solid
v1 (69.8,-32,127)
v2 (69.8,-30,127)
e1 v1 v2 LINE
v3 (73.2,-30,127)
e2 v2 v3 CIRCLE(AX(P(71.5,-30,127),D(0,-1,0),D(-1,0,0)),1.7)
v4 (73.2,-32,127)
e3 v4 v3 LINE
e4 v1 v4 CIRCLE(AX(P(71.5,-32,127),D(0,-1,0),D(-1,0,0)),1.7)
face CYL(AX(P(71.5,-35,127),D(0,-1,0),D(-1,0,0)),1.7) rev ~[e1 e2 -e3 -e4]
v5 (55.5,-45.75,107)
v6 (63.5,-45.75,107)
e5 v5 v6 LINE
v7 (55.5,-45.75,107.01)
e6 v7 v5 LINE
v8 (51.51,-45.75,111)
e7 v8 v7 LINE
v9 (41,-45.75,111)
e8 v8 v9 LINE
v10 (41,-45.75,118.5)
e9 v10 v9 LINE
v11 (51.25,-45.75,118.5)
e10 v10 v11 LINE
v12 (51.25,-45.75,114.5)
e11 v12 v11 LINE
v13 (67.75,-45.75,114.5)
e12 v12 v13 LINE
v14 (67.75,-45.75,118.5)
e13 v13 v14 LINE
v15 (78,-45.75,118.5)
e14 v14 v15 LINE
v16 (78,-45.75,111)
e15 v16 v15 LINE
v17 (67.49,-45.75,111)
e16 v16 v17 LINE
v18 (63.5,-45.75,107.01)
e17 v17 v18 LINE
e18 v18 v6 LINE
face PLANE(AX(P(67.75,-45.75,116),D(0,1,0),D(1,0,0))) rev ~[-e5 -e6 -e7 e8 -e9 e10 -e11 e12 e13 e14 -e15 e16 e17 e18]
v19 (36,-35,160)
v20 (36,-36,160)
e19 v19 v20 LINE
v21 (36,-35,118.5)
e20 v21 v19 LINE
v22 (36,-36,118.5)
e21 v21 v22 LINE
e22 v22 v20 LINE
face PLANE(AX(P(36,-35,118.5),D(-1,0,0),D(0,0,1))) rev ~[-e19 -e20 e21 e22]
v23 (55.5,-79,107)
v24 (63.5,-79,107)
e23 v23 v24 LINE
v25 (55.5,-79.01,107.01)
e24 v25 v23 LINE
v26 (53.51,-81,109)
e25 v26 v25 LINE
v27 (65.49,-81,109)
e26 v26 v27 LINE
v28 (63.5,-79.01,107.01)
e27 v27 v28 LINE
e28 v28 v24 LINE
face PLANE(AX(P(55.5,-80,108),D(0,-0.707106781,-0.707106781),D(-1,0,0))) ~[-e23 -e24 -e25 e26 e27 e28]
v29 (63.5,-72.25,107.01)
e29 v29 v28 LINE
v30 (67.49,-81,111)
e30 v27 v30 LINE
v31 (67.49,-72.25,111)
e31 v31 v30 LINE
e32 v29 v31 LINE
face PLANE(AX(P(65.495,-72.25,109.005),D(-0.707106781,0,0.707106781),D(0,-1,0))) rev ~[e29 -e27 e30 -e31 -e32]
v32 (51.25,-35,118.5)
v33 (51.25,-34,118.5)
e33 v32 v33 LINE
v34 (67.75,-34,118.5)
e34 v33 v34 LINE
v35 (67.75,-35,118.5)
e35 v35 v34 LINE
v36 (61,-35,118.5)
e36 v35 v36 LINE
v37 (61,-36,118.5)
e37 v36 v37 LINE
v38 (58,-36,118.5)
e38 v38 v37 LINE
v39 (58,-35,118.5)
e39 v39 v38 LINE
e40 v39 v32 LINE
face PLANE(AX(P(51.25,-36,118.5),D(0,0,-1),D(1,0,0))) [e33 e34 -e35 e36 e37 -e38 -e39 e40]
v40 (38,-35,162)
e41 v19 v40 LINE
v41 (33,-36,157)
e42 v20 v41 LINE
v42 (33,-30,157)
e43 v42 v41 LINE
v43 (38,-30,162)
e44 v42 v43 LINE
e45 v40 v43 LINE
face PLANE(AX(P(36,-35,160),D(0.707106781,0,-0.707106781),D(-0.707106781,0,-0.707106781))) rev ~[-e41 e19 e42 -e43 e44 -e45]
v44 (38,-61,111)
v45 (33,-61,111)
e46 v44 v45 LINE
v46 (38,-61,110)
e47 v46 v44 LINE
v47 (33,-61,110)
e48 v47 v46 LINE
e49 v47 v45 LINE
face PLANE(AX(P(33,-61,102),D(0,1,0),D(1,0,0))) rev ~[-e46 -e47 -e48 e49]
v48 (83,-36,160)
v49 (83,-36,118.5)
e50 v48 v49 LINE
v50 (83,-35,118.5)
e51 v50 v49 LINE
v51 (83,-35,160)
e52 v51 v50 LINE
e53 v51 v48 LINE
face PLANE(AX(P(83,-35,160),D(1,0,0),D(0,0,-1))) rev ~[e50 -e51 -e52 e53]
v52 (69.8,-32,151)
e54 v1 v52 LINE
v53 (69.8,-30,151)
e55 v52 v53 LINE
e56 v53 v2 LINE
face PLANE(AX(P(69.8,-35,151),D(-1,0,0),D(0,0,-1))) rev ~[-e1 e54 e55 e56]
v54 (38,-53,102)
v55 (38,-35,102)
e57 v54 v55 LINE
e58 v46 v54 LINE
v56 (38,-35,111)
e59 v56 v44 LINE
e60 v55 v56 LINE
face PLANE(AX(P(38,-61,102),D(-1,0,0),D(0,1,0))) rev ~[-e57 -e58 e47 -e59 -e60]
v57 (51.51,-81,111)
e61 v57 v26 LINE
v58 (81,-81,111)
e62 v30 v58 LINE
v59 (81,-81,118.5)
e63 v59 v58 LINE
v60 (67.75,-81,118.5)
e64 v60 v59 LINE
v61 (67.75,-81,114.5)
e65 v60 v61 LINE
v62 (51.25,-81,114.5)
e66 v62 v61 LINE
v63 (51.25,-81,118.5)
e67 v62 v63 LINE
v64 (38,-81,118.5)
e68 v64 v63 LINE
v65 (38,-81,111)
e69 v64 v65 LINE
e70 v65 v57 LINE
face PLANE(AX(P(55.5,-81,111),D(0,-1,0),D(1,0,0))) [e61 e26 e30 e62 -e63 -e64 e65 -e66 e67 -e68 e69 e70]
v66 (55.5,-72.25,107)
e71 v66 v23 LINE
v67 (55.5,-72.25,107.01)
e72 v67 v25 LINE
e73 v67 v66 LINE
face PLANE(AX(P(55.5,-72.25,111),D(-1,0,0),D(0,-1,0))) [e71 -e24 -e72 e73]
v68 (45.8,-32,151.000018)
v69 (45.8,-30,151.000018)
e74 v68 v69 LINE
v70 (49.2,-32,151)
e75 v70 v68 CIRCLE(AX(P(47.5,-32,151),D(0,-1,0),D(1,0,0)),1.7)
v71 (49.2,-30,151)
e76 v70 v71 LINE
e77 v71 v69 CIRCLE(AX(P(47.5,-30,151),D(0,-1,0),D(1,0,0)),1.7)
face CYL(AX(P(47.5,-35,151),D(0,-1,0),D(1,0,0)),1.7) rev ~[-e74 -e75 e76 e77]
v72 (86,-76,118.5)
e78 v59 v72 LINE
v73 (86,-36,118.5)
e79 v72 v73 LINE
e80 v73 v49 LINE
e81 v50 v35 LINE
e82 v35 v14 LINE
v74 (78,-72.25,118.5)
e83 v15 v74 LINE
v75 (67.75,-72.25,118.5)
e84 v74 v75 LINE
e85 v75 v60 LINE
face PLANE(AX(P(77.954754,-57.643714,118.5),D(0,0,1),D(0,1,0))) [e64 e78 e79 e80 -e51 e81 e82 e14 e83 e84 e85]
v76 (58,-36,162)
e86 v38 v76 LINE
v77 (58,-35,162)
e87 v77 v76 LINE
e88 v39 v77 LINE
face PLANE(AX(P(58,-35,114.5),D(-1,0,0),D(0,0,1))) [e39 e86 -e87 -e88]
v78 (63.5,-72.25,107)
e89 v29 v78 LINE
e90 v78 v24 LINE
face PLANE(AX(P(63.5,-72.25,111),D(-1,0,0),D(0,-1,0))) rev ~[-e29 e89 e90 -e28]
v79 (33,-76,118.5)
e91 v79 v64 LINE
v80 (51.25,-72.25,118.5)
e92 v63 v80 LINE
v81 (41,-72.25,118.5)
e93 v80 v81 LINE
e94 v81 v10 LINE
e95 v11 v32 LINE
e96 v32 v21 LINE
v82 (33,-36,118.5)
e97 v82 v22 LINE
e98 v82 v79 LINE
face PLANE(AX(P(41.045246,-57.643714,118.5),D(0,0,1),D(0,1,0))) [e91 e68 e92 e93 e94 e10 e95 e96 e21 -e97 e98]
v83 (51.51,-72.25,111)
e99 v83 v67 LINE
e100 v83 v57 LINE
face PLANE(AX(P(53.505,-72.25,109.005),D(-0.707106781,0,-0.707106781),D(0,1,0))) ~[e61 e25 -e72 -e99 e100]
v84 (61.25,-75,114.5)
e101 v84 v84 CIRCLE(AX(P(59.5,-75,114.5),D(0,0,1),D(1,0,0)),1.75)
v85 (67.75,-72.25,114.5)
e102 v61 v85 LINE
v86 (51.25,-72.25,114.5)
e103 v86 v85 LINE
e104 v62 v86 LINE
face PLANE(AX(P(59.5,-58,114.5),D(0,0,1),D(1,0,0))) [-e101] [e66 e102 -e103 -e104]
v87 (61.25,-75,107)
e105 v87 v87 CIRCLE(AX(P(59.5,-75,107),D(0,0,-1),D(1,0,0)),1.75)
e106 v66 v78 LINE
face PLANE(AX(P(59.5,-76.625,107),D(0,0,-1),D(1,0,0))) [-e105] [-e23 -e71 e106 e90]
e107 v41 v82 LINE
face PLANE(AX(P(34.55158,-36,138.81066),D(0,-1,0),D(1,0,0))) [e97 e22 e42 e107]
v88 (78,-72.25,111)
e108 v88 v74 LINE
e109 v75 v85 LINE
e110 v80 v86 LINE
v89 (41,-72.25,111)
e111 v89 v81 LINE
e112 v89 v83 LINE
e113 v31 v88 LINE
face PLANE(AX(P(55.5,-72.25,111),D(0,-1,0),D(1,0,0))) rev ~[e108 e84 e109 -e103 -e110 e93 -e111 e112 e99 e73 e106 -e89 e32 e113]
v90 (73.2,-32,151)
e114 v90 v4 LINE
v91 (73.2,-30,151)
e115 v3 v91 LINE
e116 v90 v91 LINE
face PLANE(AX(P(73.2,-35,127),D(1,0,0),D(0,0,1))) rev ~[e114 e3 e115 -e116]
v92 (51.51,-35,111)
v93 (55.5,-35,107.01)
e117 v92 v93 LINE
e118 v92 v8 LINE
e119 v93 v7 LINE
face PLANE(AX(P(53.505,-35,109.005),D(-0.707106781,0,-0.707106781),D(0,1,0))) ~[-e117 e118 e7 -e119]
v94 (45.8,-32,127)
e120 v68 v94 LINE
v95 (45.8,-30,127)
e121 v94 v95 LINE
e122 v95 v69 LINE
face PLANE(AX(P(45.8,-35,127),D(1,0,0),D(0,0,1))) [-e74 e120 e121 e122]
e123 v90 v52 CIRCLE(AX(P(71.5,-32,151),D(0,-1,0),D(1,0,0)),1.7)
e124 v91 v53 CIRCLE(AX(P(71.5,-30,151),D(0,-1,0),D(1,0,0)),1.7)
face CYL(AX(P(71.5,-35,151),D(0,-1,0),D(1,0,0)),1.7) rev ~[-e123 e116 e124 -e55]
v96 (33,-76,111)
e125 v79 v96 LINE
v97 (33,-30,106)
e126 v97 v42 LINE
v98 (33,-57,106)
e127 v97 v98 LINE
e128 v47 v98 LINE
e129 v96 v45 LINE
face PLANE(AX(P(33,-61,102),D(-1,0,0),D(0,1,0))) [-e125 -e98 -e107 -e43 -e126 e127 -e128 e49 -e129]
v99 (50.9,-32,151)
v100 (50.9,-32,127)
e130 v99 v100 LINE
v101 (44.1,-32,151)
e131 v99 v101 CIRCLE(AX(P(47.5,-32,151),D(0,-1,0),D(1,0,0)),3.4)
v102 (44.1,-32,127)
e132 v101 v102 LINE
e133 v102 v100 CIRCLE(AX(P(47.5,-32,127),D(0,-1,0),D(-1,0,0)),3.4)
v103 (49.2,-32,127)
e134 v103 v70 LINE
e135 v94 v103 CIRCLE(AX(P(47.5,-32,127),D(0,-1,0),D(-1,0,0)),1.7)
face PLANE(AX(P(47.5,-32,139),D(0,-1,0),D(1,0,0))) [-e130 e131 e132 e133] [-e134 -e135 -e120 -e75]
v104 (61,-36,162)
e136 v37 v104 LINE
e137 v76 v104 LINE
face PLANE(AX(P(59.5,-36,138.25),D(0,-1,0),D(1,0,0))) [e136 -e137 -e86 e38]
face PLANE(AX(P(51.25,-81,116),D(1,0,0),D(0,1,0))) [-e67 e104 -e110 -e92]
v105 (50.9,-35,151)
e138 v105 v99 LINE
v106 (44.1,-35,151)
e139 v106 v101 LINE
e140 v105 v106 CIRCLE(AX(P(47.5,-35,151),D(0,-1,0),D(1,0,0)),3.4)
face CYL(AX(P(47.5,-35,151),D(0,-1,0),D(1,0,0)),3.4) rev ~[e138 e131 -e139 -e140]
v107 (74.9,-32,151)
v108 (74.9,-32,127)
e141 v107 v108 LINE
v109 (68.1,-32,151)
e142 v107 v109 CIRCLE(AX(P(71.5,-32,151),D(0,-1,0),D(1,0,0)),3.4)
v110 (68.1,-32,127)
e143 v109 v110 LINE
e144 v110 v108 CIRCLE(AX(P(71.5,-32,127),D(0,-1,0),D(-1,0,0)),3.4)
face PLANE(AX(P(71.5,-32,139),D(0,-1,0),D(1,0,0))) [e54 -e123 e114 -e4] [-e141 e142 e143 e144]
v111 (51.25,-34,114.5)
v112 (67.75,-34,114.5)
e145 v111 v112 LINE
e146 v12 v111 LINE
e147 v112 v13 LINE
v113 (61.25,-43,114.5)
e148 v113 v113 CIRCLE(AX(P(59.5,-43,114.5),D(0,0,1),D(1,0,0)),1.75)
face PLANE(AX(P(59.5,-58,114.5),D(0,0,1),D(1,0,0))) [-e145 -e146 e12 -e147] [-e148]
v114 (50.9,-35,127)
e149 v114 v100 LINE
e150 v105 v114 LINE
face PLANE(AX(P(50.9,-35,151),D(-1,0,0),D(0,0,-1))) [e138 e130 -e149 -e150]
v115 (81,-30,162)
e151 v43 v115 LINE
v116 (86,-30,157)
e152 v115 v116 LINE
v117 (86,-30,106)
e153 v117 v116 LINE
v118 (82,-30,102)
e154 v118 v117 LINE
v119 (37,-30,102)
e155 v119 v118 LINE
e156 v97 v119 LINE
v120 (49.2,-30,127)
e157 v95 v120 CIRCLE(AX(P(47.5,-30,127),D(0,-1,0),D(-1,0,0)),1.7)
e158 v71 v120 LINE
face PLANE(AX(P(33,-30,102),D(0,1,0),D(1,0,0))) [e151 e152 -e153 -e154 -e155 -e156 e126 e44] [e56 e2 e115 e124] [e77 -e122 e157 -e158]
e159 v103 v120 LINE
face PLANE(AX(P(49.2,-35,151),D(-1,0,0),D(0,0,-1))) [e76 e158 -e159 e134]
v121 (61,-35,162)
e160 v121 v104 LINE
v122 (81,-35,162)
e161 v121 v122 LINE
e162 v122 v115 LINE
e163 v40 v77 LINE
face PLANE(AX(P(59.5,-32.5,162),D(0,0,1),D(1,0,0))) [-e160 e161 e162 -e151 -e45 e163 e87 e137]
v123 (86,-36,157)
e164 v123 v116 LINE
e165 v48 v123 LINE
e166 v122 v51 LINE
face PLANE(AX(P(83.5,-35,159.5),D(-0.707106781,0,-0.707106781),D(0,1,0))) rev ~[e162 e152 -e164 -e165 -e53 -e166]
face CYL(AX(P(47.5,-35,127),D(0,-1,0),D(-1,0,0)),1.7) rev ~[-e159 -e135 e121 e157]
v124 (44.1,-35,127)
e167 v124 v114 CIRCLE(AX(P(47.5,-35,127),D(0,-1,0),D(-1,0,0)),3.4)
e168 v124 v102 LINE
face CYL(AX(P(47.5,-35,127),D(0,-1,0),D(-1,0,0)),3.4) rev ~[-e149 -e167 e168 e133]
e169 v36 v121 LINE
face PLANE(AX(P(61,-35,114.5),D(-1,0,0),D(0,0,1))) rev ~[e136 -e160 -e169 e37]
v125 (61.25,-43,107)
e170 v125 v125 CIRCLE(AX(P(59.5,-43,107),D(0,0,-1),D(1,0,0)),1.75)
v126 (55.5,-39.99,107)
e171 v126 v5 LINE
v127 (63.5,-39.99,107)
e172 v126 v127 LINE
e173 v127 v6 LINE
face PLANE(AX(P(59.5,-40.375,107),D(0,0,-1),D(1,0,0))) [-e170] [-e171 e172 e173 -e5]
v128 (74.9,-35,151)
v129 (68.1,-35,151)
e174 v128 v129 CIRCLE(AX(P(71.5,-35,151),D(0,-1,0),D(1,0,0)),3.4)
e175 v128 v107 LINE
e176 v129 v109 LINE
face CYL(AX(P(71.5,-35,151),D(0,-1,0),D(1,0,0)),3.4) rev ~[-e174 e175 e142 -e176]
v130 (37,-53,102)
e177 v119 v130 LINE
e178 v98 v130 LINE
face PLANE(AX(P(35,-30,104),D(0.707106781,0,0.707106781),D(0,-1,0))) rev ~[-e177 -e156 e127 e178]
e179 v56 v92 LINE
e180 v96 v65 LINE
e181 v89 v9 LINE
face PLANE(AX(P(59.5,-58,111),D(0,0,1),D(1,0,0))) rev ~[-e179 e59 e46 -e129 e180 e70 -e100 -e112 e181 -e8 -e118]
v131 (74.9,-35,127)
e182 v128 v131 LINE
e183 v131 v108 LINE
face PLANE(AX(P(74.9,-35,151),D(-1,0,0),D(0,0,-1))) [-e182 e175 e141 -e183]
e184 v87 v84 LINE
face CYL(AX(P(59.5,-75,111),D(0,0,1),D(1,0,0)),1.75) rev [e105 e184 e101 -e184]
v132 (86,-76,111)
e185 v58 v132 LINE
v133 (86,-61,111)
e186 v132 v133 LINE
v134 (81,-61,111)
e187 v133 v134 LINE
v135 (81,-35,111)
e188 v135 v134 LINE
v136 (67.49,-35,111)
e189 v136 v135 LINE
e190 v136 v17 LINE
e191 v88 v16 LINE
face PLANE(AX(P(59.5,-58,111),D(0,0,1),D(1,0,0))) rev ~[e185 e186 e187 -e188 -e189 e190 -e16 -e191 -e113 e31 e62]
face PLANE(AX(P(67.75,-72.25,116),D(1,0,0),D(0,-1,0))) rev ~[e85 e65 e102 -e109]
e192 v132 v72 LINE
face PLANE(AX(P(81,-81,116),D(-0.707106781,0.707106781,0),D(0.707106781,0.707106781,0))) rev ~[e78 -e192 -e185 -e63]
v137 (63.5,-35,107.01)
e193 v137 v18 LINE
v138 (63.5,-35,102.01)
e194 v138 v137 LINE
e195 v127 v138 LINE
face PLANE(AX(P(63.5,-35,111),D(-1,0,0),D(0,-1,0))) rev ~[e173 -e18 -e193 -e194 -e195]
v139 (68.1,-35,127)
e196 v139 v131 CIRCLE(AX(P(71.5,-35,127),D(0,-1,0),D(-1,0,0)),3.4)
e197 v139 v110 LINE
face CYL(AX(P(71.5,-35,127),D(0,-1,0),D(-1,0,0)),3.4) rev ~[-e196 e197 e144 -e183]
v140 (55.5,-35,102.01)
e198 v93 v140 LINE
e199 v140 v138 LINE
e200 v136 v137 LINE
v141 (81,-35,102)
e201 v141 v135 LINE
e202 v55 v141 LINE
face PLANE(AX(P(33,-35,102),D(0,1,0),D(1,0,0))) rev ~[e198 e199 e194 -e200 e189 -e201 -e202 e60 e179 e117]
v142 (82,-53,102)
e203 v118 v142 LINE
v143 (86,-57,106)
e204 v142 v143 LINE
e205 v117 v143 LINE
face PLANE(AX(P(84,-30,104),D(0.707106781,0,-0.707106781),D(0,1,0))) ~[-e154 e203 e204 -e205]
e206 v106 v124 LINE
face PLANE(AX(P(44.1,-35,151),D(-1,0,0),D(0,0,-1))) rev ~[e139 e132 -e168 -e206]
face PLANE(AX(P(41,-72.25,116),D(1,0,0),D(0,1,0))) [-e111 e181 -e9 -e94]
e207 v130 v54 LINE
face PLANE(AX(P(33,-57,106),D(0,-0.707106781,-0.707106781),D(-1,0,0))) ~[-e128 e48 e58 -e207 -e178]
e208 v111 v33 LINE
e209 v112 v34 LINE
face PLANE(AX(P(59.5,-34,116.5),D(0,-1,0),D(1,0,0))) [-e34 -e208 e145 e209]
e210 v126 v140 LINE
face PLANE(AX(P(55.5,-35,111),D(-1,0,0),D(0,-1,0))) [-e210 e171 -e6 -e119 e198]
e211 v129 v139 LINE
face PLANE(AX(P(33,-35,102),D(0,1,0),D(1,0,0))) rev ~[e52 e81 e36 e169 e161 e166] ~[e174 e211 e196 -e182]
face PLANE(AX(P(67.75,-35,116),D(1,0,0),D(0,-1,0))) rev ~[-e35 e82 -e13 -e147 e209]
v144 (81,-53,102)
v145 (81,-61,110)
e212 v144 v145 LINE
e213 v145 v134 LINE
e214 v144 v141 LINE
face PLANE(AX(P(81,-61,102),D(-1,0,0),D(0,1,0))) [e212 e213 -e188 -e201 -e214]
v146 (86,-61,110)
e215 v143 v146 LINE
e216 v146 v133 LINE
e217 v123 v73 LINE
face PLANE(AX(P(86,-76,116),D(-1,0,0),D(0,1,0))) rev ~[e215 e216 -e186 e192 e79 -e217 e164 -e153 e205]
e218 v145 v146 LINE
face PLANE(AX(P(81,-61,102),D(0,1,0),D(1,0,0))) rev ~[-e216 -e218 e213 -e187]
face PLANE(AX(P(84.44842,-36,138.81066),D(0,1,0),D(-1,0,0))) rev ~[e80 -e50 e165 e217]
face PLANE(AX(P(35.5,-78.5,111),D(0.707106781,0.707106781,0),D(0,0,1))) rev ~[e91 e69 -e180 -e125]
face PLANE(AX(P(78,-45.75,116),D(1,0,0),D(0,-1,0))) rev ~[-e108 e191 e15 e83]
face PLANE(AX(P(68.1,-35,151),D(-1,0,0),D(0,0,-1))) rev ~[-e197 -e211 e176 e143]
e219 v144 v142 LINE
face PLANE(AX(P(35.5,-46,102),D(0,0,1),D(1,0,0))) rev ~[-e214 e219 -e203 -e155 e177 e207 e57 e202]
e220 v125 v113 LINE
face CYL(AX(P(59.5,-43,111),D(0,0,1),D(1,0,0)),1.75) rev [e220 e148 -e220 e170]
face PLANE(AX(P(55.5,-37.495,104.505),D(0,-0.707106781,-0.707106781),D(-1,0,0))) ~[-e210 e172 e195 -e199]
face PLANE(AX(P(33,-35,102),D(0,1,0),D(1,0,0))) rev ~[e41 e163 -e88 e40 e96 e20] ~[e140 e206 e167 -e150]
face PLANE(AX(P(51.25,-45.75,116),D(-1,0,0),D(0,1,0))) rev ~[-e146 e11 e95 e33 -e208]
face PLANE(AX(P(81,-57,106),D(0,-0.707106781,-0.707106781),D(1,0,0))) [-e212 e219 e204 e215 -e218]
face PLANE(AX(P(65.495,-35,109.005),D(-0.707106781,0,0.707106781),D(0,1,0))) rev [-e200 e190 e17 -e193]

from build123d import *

# Parameters (mm, degrees)
EXTRUDE002_DEPTH = 2.5
BOX001_W         = 53
BOX001_H         = 46
BOX001_DEPTH     = 5
BOX002_W         = 5
BOX002_H         = 30
BOX002_DEPTH     = 12
BOX003_W         = 5
BOX003_H         = 30
BOX003_DEPTH     = 12
BOX_W            = 53
BOX_H            = 5
BOX_DEPTH        = 60
SKETCH028_R      = 1.75
SKETCH028_R_2    = 13.25
POCKET001_DEPTH  = 5
CHAMFER_SIZE     = 8
CHAMFER001_SIZE  = 4
SKETCH029_W      = 16.5
SKETCH029_H      = 46
POCKET002_DEPTH  = 1.5
CHAMFER002_SIZE  = 5
CHAMFER003_SIZE  = 5
POCKET003_DEPTH  = 5
POCKET004_DEPTH  = 3
SKETCH032_W      = 37
SKETCH032_H      = 26.5
POCKET005_DEPTH  = 5
SKETCH033_W      = 3
SKETCH033_H      = 47.5
PAD003_DEPTH     = 1
SKETCH034_W      = 8
SKETCH034_H      = 8.75
SKETCH034_R      = 1.75
SKETCH034_H_2    = 10.75
PAD004_DEPTH     = 4
SKETCH035_W      = 16.5
SKETCH035_H      = 4
POCKET006_DEPTH  = 2
CHAMFER004_SIZE  = 4.99
CHAMFER005_SIZE  = 3.99
CHAMFER006_SIZE  = 2


with BuildPart() as extrude002:
    # Facebinder → Extrude002 (new body)
    with BuildSketch(Plane(origin=(40.336531, -57.03076, 116), x_dir=(0, 1, 0), z_dir=(0, 0, 1))):
        Polygon((-18.96924, 7.336531), (-23.96924, 2.336531), (-23.96924, -10.913469), (-15.21924, -10.913469), (-15.21924, -0.663469), (11.28076, -0.663469), (11.28076, -10.913469), (22.03076, -10.913469), (22.03076, 7.336531), align=None)
        Polygon((-23.96924, -40.663469), (-18.96924, -45.663469), (22.03076, -45.663469), (22.03076, -27.413469), (11.28076, -27.413469), (11.28076, -37.663469), (-15.21924, -37.663469), (-15.21924, -27.413469), (-23.96924, -27.413469), align=None)
    extrude(amount=EXTRUDE002_DEPTH)


with BuildPart() as box001:
    # Box001 → Box001 (new body)
    with BuildSketch(Plane(origin=(33, -76, 111), x_dir=(1, 0, 0), z_dir=(0, 0, 1))):
        with Locations((26.5, 23)):
            Rectangle(BOX001_W, BOX001_H)
    extrude(amount=BOX001_DEPTH)


with BuildPart() as box002:
    # Box002 → Box002 (new body)
    with BuildSketch(Plane(origin=(81, -56, 102), x_dir=(1, 0, 0), z_dir=(0, 0, 1))):
        with Locations((2.5, 15)):
            Rectangle(BOX002_W, BOX002_H)
    extrude(amount=BOX002_DEPTH)


with BuildPart() as box003:
    # Box003 → Box003 (new body)
    with BuildSketch(Plane(origin=(33, -56, 102), x_dir=(1, 0, 0), z_dir=(0, 0, 1))):
        with Locations((2.5, 15)):
            Rectangle(BOX003_W, BOX003_H)
    extrude(amount=BOX003_DEPTH)


with BuildPart() as chamfer006:
    # Box → Box (new body)
    with BuildSketch(Plane(origin=(33, -30, 102), x_dir=(1, 0, 0), z_dir=(0, 0, 1))):
        with Locations((26.5, 2.5)):
            Rectangle(BOX_W, BOX_H)
    extrude(amount=BOX_DEPTH)

    # Fusion001: union Box001, Box002, Box003
    add(box001.part)
    add(box002.part)
    add(box003.part)


with BuildPart() as chamfer006_1:
    # Fusion001 placement: moved
    add(chamfer006.part.moved(Location((0, -5, 0))))

    # Sketch028 → Pocket001 (cut)
    with BuildSketch(Plane(origin=(0, -5, 116), x_dir=(1, 0, 0), z_dir=(0, 0, 1))):
        with Locations((59.5, -70)):
            Circle(SKETCH028_R)
        with Locations((59.5, -38)):
            Circle(SKETCH028_R)
        with Locations((59.5, -54)):
            Circle(SKETCH028_R_2)
    extrude(amount=-POCKET001_DEPTH, mode=Mode.SUBTRACT)

    # Chamfer
    chamfer_edges = [chamfer006_1.edges().sort_by_distance(p)[0] for p in [
        (83.5, -61, 102),
        (35.5, -61, 102),
    ]]
    chamfer(chamfer_edges, length=CHAMFER_SIZE)

    # Chamfer001
    chamfer001_edges = [chamfer006_1.edges().sort_by_distance(p)[0] for p in [
        (86, -41.5, 102),
        (33, -41.5, 102),
    ]]
    chamfer(chamfer001_edges, length=CHAMFER001_SIZE)

    # Sketch029 → Pocket002 (cut)
    with BuildSketch(Plane(origin=(0, -5, 116), x_dir=(1, 0, 0), z_dir=(0, 0, 1))):
        with Locations((59.5, -53)):
            Rectangle(SKETCH029_W, SKETCH029_H)
    extrude(amount=-POCKET002_DEPTH, mode=Mode.SUBTRACT)

    # Chamfer002
    chamfer002_edges = [chamfer006_1.edges().sort_by_distance(p)[0] for p in [
        (86, -81, 113.5),
        (33, -81, 113.5),
    ]]
    chamfer(chamfer002_edges, length=CHAMFER002_SIZE)

    # Chamfer003
    chamfer003_edges = [chamfer006_1.edges().sort_by_distance(p)[0] for p in [
        (86, -32.5, 162),
        (33, -32.5, 162),
    ]]
    chamfer(chamfer003_edges, length=CHAMFER003_SIZE)

    # Sketch030 → Pocket003 (cut)
    with BuildSketch(Plane.XZ.offset(35)):
        with BuildLine():
            Line((49.2, 151), (49.2, 127))
            ThreePointArc((45.8, 127), (47.5, 125.3), (49.2, 127))
            Line((45.8, 127), (45.8, 151.000018))
            ThreePointArc((49.2, 151), (47.500009, 152.7), (45.8, 151.000018))
        make_face()
        with BuildLine():
            Line((69.8, 151), (69.8, 127))
            ThreePointArc((69.8, 127), (71.5, 125.3), (73.2, 127))
            Line((73.2, 127), (73.2, 151))
            ThreePointArc((73.2, 151), (71.5, 152.7), (69.8, 151))
        make_face()
    extrude(amount=-POCKET003_DEPTH, mode=Mode.SUBTRACT)

    # Sketch031 → Pocket004 (cut)
    with BuildSketch(Plane.XZ.offset(35)):
        with BuildLine():
            ThreePointArc((50.9, 151), (47.5, 154.4), (44.1, 151))
            Line((44.1, 151), (44.1, 127))
            ThreePointArc((44.1, 127), (47.5, 123.6), (50.9, 127))
            Line((50.9, 151), (50.9, 127))
        make_face()
        with BuildLine():
            ThreePointArc((74.9, 151), (71.5, 154.4), (68.1, 151))
            Line((68.1, 151), (68.1, 127))
            ThreePointArc((68.1, 127), (71.5, 123.6), (74.9, 127))
            Line((74.9, 151), (74.9, 127))
        make_face()
    extrude(amount=-POCKET004_DEPTH, mode=Mode.SUBTRACT)

    # Sketch032 → Pocket005 (cut)
    with BuildSketch(Plane(origin=(0, -5, 116), x_dir=(1, 0, 0), z_dir=(0, 0, 1))):
        with Locations((59.5, -54)):
            Rectangle(SKETCH032_W, SKETCH032_H)
    extrude(amount=-POCKET005_DEPTH, mode=Mode.SUBTRACT)

    # Fusion002: union Extrude002
    add(extrude002.part)

    # Sketch033 → Pad003 (new body)
    with BuildSketch(Plane.XZ.offset(35)):
        Polygon((33, 118.5), (36, 118.5), (36, 156.631975), (36, 160), (33, 157), align=None)
        Polygon((86, 118.5), (83, 118.5), (83, 156.631975), (83, 160), (86, 157), align=None)
        with Locations((59.5, 138.25)):
            Rectangle(SKETCH033_W, SKETCH033_H)
    extrude(amount=PAD003_DEPTH)

    # Sketch034 → Pad004 (new body)
    with BuildSketch(Plane(origin=(0, 0, 111), x_dir=(1, 0, 0), z_dir=(0, 0, -1))):
        with Locations((59.5, 76.625)):
            Rectangle(SKETCH034_W, SKETCH034_H)
        with Locations((59.5, 75)):
            Circle(SKETCH034_R, mode=Mode.SUBTRACT)
        with Locations((59.5, 40.375)):
            Rectangle(SKETCH034_W, SKETCH034_H_2)
        with Locations((59.5, 43)):
            Circle(SKETCH034_R, mode=Mode.SUBTRACT)
    extrude(amount=PAD004_DEPTH)

    # Sketch035 → Pocket006 (cut)
    with BuildSketch(Plane.XZ.offset(36)):
        with Locations((59.5, 116.5)):
            Rectangle(SKETCH035_W, SKETCH035_H)
    extrude(amount=-POCKET006_DEPTH, mode=Mode.SUBTRACT)

    # Chamfer004
    chamfer004_edges = [chamfer006_1.edges().sort_by_distance(p)[0] for p in [
        (59.5, -35, 107),
    ]]
    chamfer(chamfer004_edges, length=CHAMFER004_SIZE)

    # Chamfer005
    chamfer005_edges = [chamfer006_1.edges().sort_by_distance(p)[0] for p in [
        (63.5, -76.625, 111),
        (63.5, -40.375, 111),
        (55.5, -40.375, 111),
        (55.5, -76.625, 111),
    ]]
    chamfer(chamfer005_edges, length=CHAMFER005_SIZE)

    # Chamfer006
    chamfer006_edges = [chamfer006_1.edges().sort_by_distance(p)[0] for p in [
        (59.5, -81, 107),
    ]]
    chamfer(chamfer006_edges, length=CHAMFER006_SIZE)


solid = chamfer006_1.part
